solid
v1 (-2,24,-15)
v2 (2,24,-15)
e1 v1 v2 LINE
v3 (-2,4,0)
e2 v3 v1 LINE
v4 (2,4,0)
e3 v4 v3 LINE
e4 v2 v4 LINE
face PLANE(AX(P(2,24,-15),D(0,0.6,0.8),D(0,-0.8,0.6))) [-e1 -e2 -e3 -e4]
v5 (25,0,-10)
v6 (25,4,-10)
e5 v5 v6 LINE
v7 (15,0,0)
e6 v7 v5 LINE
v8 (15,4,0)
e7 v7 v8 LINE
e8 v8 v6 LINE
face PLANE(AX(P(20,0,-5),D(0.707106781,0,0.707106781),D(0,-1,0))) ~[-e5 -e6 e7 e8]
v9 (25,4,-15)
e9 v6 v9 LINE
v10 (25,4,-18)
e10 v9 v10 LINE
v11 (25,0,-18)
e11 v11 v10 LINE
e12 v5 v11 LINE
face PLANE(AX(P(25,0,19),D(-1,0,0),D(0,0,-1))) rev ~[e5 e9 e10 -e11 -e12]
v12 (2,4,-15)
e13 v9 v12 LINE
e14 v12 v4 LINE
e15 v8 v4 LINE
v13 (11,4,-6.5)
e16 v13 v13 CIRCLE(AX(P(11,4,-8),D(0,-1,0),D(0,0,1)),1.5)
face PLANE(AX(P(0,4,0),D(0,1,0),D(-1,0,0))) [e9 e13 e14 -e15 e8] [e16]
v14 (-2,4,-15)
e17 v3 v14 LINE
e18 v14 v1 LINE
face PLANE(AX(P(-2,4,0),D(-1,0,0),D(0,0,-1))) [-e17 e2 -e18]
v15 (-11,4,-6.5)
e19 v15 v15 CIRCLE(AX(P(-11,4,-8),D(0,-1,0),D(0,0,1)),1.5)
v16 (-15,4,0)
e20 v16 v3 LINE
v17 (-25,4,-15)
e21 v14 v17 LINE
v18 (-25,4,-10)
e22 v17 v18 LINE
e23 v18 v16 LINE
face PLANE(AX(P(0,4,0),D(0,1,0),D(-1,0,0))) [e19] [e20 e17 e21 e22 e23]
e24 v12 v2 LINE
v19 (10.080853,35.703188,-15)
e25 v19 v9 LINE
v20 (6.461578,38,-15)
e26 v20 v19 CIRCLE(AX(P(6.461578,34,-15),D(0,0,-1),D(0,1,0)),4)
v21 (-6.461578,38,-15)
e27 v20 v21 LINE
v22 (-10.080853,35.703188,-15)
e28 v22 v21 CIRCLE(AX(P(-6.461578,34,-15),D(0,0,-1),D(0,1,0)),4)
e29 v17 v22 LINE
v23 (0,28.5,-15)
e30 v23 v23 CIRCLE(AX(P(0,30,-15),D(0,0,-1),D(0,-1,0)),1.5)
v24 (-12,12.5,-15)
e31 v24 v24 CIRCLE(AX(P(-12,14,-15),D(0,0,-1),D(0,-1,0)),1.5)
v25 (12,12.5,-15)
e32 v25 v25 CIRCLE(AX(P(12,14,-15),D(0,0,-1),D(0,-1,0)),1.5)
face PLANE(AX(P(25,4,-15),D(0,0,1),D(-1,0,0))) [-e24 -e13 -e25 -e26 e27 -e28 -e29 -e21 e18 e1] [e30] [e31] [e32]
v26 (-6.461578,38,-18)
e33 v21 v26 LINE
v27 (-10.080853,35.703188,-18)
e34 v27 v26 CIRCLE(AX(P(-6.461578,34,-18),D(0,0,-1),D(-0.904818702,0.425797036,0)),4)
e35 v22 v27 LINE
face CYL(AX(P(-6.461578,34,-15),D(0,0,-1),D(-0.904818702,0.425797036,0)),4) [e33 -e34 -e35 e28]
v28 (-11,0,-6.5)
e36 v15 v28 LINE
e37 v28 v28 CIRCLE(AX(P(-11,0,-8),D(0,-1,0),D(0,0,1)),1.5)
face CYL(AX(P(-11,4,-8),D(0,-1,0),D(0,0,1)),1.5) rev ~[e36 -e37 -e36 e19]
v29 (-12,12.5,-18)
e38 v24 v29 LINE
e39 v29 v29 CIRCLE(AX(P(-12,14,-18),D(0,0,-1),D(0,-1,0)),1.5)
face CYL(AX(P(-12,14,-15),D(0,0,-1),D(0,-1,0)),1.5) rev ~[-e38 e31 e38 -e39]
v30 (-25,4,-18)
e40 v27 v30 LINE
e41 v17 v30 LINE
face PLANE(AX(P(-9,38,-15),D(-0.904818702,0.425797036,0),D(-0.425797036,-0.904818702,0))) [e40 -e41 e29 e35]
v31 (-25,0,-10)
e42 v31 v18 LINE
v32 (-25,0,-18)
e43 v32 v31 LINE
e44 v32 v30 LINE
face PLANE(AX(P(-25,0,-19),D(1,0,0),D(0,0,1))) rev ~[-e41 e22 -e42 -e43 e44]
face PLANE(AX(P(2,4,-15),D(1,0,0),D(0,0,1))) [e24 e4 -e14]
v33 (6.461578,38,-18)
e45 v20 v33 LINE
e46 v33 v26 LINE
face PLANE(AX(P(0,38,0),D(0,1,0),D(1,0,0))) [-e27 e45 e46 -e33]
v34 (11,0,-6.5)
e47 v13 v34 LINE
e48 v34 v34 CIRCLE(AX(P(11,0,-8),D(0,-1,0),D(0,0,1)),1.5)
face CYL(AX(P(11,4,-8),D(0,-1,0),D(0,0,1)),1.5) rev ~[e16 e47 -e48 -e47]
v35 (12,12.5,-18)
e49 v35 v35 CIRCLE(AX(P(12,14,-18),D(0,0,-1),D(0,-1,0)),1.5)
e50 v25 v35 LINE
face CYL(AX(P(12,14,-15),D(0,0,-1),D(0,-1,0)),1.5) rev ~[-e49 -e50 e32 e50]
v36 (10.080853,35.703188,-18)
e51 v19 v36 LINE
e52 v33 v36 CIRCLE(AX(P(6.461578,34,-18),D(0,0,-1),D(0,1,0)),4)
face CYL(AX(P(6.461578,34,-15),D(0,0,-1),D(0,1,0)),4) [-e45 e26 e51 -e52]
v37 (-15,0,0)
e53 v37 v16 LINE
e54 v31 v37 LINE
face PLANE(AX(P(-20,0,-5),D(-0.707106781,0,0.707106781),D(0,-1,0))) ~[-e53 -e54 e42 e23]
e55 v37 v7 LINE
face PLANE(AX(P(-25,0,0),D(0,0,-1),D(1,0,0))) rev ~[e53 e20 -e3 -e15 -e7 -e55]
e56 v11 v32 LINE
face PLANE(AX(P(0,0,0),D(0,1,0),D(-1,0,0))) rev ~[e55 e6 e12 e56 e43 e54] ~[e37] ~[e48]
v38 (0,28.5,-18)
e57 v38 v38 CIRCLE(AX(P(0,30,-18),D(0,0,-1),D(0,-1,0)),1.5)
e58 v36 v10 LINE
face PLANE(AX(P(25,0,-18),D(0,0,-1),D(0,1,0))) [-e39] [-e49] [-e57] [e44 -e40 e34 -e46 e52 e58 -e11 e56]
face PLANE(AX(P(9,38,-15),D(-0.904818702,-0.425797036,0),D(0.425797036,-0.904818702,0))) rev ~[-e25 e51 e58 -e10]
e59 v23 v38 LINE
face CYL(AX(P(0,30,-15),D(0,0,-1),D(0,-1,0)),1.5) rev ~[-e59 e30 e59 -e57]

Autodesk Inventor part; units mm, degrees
ref_plane "YZ Plane" through (0, 0, 0) normal (1, 0, 0) x (0, 1, 0)
ref_plane "XZ Plane" through (0, 0, 0) normal (0, 1, 0) x (-1, 0, 0)
ref_plane "XY Plane" through (0, 0, 0) normal (0, 0, 1) x (1, 0, 0)
sketch "Szkic1" plane through (0, 0, 0) normal (0, 1, 0) x (-1, 0, 0)
  line L0 (25, 19) -> (-25, 19)
  line L1 (-25, 19) -> (-25, -19)
  line L2 (-25, -19) -> (25, -19)
  line L3 (25, -19) -> (25, 19)
  line L4 (25, 19) -> (-25, -19) construction
  line L5 (-25, 19) -> (25, -19) construction
  point P0 (0, 0)
  dimension "d0" = 50
  dimension "d1" = 38
extrude "Wyciągnięcie proste1" add sketch "Szkic1" along normal blind 4
sketch "Szkic2" plane through (0, 4, 0) normal (0, 1, 0) x (1, 0, 0)
  line L0 (-25, 19) -> (-25, -19) projected
  line L1 (25, -19) -> (25, 19) projected
  line L2 (-25, 19) -> (25, 19)
  line L3 (25, 19) -> (25, 15)
  line L4 (25, 15) -> (-25, 15)
  line L5 (-25, 15) -> (-25, 19)
  point P0 (0, 0)
  dimension "d4" = 4
extrude "Wyciągnięcie proste2" add sketch "Szkic2" along normal blind 34
sketch "Szkic3" plane through (0, 4, 0) normal (0, 1, 0) x (1, 0, 0)
  line L0 (25, -19) -> (25, 19) projected
  line L1 (25, 0) -> (-25, 0) construction
  line L2 (-25, 19) -> (-25, -19) projected
  line L3 (-25, 15) -> (25, 15) projected
  line L4 (0, 15) -> (0, -19) construction
  line L5 (0, -15) -> (0, 19) construction
  point P0 (0, 0)
  point P1 (-11, 8)
  point P2 (-11, -8)
  point P3 (11, 8)
  point P4 (11, -8)
  dimension "d7" = 8
  dimension "d8" = 11
hole "Otwór1" at (-11, 4, -8) at (-11, 4, 8) at (11, 4, 8) at (11, 4, -8) direction (0, -1, 0) diameter 3 depth 8 tip angle 118
sketch "Szkic4" plane through (-25, 4, -15) normal (0, 0, 1) x (1, 0, 0)
  line L0 (50, 34) -> (0, 34) projected
  line L1 (0, 0) -> (0, 34) projected
  line L2 (50, 0) -> (0, 0) projected
  line L3 (25, 34) -> (25, 0) construction
  point P0 (25, -4)
  point P1 (25, 26)
  point P2 (13, 10)
  point P3 (37, 10)
  dimension "d16" = 8
  dimension "d17" = 25
  dimension "d18" = 13
  dimension "d19" = 10
hole "Otwór2" at (0, 30, -15) at (-12, 14, -15) at (12, 14, -15) direction (0, 0, -1) diameter 3 depth 8 tip angle 118
sketch "Szkic5" plane through (-25, 4, -15) normal (0, 0, 1) x (1, 0, 0)
  line L0 (0, 34) -> (50, 34) projected
  line L1 (50, 0) -> (50, 34) projected
  line L2 (50, 0) -> (0, 0) projected
  line L3 (34, 34) -> (50, 0)
  line L4 (34, 34) -> (50, 34)
  line L5 (50, 34) -> (50, 0)
  line L6 (25, 34) -> (25, 0) construction
  line L7 (50, 34) -> (0, 34)
  line L8 (0, 0) -> (0, 34)
  line L9 (0, 0) -> (50, 0)
  line L10 (16, 34) -> (0, 0)
  line L11 (16, 34) -> (0, 34)
  line L12 (0, 34) -> (0, 0)
  point P0 (25, -4)
  dimension "d27" = 16
extrude "Wyciągnięcie proste3" cut sketch "Szkic5" against normal blind 34 contours L0 L10 L8 | L0 L1 L3
fillet "Zaokrąglenie1" radius 4 2 edges at (-9, 38, -17) (9, 38, -17)
sketch "Szkic9" plane through (25, 0, 19) normal (1, 0, 0) x (0, 0, -1)
  line L0 (38, 0) -> (0, 0) projected
  line L1 (38, 0) -> (37, 0)
  line L2 (37, 0) -> (37, 38)
  line L3 (37, 38) -> (38, 38)
  line L4 (38, 38) -> (38, 0)
  point P0 (19, 0)
  dimension "d38" = 1
  dimension "d39" = 38
extrude "Wyciągnięcie proste6" cut sketch "Szkic9" against normal through all
sketch "Szkic10" plane through (0, 0, 0) normal (0, -1, 0) x (1, 0, 0)
  line L0 (25, 19) -> (25, -15) projected
  line L1 (-25, -15) -> (-25, 19) projected
  line L2 (25, 19) -> (-25, 19)
  line L3 (-25, 19) -> (-25, 0)
  line L4 (-25, 0) -> (25, 0)
  line L5 (25, 0) -> (25, 19)
  point P0 (0, 0)
  dimension "d42" = 19
extrude "Wyciągnięcie proste7" cut sketch "Szkic10" against normal blind 10
sketch "Szkic11" plane through (0, 4, 0) normal (0, 1, 0) x (1, 0, 0)
  line L0 (25, 0) -> (-25, 0) projected
  line L1 (-6.4616, 15) -> (6.4616, 15) projected
  line L2 (2, 0) -> (-2, 0)
  line L3 (-2, 0) -> (-2, 15)
  line L4 (-2, 15) -> (2, 15)
  line L5 (2, 15) -> (2, 0)
  point P0 (0, 0)
  dimension "d45" = 4
  dimension "d46" = 2
extrude "Wyciągnięcie proste8" add sketch "Szkic11" along normal blind 20
sketch "Szkic12" plane through (2, 4, 0) normal (1, 0, 0) x (0, 0, -1)
  line L0 (15, 20) -> (15, 0) projected
  line L1 (15, 20) -> (0, 0)
  line L2 (0, 0) -> (0, 20) projected
  line L3 (0, 0) -> (0, 20)
  line L4 (15, 20) -> (0, 20) projected
  line L5 (0, 20) -> (15, 20)
  point P0 (0, -4)
extrude "Wyciągnięcie proste9" cut sketch "Szkic12" against normal blind 20
chamfer "Faza1" distance 10 angle 45 2 edges at (25, 2, 0) (-25, 2, 0)
properties part number "Wspornik_góra" material "Tworzywo sztuczne PET"
